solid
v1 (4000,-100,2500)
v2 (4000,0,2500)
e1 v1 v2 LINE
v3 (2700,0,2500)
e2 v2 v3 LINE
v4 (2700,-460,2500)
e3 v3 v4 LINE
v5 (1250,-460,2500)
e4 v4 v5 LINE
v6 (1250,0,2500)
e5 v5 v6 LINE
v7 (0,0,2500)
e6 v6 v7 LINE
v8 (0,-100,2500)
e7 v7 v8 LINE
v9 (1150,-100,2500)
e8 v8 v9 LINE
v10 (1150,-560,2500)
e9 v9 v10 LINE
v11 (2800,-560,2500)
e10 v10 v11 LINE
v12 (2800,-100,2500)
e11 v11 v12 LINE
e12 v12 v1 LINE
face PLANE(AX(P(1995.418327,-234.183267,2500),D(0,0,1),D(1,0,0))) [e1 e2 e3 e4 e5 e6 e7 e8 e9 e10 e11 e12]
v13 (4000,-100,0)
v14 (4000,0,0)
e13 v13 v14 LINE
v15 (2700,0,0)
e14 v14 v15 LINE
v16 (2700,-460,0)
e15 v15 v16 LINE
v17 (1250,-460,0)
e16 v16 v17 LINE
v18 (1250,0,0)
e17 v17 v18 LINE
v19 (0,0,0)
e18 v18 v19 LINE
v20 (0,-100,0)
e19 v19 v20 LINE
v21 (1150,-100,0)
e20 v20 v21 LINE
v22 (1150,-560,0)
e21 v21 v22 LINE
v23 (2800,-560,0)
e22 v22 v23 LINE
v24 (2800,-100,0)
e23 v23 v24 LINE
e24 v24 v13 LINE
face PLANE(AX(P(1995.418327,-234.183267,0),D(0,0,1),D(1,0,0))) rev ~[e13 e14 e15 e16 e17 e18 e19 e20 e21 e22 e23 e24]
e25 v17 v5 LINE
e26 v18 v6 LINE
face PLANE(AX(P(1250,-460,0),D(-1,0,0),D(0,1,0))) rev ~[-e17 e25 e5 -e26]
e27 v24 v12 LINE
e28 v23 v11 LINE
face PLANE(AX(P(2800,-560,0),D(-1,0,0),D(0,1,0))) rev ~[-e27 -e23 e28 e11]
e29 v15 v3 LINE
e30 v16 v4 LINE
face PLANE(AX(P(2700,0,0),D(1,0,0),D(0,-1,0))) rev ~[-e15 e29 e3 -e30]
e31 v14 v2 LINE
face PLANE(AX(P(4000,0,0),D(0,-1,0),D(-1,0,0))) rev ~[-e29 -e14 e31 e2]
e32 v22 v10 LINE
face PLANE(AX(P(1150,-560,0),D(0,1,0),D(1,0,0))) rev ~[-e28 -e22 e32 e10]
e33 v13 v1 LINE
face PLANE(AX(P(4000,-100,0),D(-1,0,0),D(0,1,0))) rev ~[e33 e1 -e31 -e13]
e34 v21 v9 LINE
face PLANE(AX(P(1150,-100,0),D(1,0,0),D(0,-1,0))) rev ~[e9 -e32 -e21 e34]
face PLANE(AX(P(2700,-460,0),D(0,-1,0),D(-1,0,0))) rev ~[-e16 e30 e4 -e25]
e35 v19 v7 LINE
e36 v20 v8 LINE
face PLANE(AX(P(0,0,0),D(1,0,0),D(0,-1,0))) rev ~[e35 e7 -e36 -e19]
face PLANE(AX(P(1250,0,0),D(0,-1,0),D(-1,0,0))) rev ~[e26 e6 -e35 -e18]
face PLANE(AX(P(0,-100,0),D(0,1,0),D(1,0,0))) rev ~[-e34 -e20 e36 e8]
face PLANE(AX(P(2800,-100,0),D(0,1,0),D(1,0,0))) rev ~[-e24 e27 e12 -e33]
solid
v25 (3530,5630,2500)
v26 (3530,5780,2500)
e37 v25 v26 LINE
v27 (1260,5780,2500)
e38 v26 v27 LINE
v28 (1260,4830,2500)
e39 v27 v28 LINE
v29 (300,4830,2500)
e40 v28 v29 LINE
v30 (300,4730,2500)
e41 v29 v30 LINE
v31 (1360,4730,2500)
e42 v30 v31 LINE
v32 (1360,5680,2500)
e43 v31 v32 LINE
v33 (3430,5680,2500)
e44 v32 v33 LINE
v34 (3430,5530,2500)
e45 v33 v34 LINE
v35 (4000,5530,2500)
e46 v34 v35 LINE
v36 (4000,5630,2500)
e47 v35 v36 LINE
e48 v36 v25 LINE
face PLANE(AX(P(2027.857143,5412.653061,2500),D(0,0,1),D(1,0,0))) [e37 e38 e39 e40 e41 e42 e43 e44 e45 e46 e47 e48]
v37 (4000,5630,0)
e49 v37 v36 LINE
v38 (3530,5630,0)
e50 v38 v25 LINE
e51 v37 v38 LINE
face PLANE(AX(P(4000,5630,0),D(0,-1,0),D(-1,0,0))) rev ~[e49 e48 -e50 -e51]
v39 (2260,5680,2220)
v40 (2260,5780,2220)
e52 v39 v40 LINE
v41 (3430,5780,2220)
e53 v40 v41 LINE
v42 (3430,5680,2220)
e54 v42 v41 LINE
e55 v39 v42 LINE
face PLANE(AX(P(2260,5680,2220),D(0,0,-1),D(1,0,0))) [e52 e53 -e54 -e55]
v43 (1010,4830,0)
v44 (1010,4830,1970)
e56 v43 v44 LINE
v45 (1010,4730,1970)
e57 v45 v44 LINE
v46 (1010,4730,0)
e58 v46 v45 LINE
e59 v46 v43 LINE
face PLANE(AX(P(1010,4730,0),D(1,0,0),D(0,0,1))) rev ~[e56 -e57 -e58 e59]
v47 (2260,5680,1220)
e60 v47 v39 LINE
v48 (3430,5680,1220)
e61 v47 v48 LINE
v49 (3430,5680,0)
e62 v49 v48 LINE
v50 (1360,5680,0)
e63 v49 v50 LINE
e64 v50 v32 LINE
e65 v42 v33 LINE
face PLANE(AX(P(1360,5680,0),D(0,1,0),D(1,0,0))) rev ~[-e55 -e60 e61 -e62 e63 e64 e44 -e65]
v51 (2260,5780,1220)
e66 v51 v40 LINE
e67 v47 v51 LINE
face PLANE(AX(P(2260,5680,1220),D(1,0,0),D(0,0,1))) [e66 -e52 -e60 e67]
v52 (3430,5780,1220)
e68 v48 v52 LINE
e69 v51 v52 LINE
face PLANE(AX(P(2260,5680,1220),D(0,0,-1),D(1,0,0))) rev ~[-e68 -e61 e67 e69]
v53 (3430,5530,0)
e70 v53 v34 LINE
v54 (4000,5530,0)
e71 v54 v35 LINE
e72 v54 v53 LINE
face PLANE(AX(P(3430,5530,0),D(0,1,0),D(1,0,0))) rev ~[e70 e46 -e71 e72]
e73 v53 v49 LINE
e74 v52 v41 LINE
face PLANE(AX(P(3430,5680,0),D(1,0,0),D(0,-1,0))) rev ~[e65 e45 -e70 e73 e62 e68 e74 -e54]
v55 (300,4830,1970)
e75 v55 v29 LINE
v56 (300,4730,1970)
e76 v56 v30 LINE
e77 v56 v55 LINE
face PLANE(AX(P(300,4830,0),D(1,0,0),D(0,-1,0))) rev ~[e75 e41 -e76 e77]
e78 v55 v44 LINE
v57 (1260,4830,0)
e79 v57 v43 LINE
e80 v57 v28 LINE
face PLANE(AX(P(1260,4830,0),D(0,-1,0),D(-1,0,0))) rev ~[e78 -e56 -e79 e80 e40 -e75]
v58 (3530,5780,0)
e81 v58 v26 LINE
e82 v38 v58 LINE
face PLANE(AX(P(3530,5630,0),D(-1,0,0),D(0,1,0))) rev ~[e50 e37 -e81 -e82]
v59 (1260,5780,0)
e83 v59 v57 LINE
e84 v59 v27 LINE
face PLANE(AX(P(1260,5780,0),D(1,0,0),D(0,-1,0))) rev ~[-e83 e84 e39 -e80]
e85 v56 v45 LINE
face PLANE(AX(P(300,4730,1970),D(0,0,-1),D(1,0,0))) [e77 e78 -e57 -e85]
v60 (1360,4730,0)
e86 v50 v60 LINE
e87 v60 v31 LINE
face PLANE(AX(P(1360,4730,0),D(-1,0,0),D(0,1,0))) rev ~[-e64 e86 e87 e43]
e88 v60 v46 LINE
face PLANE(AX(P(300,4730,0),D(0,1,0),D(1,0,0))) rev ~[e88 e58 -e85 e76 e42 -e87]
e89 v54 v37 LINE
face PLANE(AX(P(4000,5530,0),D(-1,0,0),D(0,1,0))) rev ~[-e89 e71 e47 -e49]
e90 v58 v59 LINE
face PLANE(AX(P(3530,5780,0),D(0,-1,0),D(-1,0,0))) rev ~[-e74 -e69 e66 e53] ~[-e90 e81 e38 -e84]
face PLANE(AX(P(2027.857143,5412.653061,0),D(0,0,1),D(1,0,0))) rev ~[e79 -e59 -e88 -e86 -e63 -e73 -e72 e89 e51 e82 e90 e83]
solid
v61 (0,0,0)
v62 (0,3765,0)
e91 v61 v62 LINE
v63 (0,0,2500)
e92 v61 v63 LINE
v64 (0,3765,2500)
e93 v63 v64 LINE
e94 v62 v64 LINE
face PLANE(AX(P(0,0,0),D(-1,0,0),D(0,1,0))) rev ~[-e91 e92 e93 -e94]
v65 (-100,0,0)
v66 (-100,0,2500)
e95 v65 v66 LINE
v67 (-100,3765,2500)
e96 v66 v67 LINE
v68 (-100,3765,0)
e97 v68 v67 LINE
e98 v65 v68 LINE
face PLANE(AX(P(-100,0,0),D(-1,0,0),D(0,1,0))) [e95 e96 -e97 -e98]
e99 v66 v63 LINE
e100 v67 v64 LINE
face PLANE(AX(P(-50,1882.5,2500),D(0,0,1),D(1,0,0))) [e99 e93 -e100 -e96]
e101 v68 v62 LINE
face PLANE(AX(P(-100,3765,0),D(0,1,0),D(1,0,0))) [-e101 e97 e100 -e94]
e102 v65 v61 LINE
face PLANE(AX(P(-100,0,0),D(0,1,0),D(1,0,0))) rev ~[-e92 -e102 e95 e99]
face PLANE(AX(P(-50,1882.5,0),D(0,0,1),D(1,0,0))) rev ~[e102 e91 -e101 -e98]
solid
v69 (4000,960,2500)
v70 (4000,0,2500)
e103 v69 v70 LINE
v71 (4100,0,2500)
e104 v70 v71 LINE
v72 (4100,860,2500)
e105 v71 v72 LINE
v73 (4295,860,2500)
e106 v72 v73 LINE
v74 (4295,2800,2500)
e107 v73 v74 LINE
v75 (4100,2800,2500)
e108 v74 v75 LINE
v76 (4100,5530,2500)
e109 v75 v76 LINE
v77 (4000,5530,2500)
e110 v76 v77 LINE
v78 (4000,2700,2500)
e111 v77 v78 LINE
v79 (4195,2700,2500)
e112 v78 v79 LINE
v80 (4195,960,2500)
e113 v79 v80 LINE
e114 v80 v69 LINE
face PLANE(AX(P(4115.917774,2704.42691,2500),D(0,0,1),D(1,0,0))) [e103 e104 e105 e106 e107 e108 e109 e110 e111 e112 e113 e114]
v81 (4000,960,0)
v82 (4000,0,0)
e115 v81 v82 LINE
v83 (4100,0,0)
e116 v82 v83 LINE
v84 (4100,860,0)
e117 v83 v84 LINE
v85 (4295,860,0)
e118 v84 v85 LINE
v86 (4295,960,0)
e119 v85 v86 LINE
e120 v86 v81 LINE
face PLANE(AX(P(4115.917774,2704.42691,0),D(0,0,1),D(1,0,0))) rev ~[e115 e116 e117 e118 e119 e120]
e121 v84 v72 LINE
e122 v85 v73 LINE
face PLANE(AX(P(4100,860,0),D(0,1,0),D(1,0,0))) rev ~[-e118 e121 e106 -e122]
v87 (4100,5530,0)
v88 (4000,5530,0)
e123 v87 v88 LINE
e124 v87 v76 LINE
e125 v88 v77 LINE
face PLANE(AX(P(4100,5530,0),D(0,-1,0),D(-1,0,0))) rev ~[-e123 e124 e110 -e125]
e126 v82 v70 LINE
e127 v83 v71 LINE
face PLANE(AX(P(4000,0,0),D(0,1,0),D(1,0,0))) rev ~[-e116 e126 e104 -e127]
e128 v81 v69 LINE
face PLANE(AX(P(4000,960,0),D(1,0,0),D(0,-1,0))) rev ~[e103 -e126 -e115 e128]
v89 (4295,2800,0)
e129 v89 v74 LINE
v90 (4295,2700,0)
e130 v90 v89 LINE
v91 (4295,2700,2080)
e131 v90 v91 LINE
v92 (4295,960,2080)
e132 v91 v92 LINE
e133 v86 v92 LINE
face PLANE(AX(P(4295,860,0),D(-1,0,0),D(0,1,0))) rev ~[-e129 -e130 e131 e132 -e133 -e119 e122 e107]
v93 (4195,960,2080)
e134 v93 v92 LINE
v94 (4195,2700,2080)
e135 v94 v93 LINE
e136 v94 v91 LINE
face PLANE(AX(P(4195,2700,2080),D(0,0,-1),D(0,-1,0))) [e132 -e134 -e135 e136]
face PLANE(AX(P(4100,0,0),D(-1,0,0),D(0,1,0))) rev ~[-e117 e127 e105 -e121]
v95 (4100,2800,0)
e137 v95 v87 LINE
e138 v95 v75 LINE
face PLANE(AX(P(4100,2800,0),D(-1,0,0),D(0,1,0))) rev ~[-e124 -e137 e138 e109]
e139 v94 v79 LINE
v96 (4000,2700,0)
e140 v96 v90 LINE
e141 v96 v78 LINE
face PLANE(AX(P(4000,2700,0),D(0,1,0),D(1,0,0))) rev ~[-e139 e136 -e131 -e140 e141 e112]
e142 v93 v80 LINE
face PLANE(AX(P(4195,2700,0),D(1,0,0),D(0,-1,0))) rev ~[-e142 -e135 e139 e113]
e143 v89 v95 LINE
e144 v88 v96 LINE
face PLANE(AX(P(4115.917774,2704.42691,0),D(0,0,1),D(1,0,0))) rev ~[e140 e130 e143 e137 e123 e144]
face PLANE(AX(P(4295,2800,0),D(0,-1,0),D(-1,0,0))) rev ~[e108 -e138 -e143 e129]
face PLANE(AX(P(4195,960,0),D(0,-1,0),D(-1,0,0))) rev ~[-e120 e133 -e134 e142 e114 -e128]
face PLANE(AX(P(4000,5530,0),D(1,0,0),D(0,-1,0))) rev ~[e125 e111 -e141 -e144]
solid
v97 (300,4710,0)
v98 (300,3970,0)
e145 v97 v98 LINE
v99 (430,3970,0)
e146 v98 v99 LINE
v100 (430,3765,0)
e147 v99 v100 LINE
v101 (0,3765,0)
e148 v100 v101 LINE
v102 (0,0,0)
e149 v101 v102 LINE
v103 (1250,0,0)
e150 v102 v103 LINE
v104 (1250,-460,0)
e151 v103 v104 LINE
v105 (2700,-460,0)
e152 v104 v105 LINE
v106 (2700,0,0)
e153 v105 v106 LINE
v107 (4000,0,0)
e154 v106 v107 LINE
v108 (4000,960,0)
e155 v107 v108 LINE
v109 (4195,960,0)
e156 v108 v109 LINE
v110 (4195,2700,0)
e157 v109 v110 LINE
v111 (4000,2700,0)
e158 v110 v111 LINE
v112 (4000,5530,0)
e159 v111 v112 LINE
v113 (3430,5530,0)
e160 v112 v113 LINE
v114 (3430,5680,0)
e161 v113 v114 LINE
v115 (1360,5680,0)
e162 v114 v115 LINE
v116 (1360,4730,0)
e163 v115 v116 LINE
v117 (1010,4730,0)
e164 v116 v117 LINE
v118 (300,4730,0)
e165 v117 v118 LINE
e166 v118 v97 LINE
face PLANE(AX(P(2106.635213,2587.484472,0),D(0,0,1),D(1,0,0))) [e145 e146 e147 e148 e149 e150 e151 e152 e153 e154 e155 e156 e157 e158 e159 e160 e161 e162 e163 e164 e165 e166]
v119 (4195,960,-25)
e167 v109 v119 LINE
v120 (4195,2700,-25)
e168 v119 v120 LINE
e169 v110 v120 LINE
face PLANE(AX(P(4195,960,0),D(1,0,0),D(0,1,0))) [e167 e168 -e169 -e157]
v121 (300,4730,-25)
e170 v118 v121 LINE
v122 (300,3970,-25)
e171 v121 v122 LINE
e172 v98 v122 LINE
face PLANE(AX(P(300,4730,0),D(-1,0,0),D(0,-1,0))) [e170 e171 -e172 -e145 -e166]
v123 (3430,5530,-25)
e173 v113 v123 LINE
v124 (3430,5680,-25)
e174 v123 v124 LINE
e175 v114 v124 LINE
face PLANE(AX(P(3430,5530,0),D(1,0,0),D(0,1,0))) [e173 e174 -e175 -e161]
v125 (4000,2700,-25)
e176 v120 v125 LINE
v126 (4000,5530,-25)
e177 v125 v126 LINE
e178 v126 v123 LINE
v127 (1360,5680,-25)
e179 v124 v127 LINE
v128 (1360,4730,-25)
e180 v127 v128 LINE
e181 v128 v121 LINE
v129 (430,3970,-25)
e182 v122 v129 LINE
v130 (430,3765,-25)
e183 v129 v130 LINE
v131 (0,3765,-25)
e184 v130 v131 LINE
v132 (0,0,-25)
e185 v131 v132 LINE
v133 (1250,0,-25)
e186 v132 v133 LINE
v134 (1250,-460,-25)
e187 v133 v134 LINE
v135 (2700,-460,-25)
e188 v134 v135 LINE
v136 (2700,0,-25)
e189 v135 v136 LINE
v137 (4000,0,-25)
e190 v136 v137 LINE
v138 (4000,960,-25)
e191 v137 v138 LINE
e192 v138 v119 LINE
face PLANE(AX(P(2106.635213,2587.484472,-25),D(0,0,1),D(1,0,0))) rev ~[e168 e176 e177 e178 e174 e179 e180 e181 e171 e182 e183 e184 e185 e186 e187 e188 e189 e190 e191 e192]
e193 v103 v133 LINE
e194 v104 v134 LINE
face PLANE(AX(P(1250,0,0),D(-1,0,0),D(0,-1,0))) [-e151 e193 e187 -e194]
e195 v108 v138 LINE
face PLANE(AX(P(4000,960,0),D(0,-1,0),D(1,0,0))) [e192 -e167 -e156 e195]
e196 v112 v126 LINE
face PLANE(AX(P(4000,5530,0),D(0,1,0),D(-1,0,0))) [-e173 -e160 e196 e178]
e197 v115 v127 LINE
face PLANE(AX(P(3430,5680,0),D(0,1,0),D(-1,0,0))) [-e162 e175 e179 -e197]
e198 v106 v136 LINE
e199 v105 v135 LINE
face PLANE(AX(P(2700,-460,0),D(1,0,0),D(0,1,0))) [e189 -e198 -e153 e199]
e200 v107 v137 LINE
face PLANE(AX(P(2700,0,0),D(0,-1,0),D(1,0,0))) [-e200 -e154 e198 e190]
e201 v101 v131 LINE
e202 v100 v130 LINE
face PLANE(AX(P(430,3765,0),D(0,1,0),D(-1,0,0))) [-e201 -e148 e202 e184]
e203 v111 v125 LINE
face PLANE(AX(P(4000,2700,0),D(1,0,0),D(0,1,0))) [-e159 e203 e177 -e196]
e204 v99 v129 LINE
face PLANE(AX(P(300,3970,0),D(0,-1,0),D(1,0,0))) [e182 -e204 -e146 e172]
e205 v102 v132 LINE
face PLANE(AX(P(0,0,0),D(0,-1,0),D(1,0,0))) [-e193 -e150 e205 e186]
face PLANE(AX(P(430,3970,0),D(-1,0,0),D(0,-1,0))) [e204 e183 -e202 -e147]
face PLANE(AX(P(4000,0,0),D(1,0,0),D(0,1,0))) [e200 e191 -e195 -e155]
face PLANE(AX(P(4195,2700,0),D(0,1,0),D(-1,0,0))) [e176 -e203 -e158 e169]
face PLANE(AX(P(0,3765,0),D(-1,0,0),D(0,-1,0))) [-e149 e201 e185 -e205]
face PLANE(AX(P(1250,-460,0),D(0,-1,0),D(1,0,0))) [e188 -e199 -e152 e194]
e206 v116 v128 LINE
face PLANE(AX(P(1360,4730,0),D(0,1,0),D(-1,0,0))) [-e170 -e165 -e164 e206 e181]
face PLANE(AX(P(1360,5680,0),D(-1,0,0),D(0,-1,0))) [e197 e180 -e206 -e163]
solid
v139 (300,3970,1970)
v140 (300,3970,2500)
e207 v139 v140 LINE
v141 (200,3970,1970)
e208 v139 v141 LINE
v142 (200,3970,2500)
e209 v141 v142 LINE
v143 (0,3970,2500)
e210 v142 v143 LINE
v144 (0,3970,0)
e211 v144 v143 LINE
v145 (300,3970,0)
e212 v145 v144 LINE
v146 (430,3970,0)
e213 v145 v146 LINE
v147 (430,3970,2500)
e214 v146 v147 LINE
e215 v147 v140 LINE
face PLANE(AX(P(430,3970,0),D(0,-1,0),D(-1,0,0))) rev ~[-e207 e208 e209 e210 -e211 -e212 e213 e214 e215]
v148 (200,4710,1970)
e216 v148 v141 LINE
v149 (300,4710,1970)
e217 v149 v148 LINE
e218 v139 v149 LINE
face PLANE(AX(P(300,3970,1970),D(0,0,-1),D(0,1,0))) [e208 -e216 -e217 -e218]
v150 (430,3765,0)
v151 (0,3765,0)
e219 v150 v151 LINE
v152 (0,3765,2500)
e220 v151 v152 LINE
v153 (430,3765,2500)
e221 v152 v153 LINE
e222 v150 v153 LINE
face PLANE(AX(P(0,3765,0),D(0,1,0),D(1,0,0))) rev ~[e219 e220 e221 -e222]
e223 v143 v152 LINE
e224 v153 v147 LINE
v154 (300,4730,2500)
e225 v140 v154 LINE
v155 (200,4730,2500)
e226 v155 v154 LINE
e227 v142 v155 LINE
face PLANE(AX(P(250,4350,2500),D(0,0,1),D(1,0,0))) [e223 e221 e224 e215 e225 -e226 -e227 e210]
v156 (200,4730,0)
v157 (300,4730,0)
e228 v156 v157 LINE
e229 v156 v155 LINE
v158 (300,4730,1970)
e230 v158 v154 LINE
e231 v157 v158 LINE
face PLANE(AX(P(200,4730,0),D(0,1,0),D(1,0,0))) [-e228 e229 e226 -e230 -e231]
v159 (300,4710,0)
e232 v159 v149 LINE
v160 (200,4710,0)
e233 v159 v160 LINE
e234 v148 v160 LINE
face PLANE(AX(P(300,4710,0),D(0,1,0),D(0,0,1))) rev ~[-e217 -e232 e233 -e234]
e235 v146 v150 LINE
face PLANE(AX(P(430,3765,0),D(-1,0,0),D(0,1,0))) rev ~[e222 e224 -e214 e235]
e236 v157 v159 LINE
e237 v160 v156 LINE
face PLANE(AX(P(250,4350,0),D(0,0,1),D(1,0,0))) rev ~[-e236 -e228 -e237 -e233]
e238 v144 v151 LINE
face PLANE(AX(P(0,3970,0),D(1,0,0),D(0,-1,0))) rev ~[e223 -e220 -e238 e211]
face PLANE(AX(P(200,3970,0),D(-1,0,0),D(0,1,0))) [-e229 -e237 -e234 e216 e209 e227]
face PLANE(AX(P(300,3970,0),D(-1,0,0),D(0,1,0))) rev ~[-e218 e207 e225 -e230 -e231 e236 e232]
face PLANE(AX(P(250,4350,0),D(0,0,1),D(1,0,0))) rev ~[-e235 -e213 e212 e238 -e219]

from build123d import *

# Parameters (mm, degrees)
F1_DEPTH  = 25
F2_W      = 100
F2_H      = 3765
F3_DEPTH  = 2500
F5_DEPTH  = 2500
F7_DEPTH  = 2500
F9_DEPTH  = 2500
F11_DEPTH = 2500
F12_W     = 100
F12_H     = 760
F13_DEPTH = 2500
F14_W     = 1170
F14_H     = 1000
F15_DEPTH = 100.001
F16_W     = 740
F16_H     = 1970
F17_DEPTH = 400.001
F18_W     = 710
F18_H     = 1970
F19_DEPTH = 1050.001
F20_W     = 1740
F20_H     = 2080
F21_DEPTH = 100.001


with BuildPart() as f1:
    # F0 (on Top) → F1 (new body)
    with BuildSketch(Plane.XY):
        Polygon((0, 3765), (0, 0), (1250, 0), (1250, -460), (2700, -460), (2700, 0), (4000, 0), (4000, 960), (4195, 960), (4195, 2700), (4000, 2700), (4000, 5530), (3430, 5530), (3430, 5680), (1360, 5680), (1360, 4730), (300, 4730), (300, 3970), (430, 3970), (430, 3765), align=None)
    extrude(amount=-F1_DEPTH)



with BuildPart() as f3:
    # F2 (on face) → F3 (new body)
    with BuildSketch(Plane.XY):
        with Locations((-50, 1882.5)):
            Rectangle(F2_W, F2_H)
    extrude(amount=F3_DEPTH)


with BuildPart() as f5:
    # F4 (on face) → F5 (new body)
    with BuildSketch(Plane.XY):
        Polygon((1250, 0), (0, 0), (0, -100), (1150, -100), (1150, -560), (2800, -560), (2800, -100), (4000, -100), (4000, 0), (2700, 0), (2700, -460), (1250, -460), align=None)
    extrude(amount=F5_DEPTH)


with BuildPart() as f7:
    # F6 (on face) → F7 (new body)
    with BuildSketch(Plane.XY):
        Polygon((4000, 960), (4000, 0), (4100, 0), (4100, 860), (4295, 860), (4295, 2800), (4100, 2800), (4100, 5530), (4000, 5530), (4000, 2700), (4195, 2700), (4195, 960), align=None)
    extrude(amount=F7_DEPTH)

    # F20 (on face) → F21 (cut, through all)
    with BuildSketch(Plane(origin=(4195, 0, 0), x_dir=(0, -1, 0), z_dir=(-1, 0, 0))):
        with Locations((-1830, 1040)):
            Rectangle(F20_W, F20_H)
    extrude(amount=-F21_DEPTH, mode=Mode.SUBTRACT)


with BuildPart() as f9:
    # F8 (on face) → F9 (new body)
    with BuildSketch(Plane.XY):
        Polygon((0, 3765), (430, 3765), (430, 3970), (300, 3970), (0, 3970), align=None)
    extrude(amount=F9_DEPTH)


with BuildPart() as f11:
    # F10 (on face) → F11 (new body)
    with BuildSketch(Plane.XY):
        Polygon((3430, 5530), (4000, 5530), (4000, 5630), (3530, 5630), (3530, 5780), (1260, 5780), (1260, 4830), (300, 4830), (300, 4730), (1360, 4730), (1360, 5680), (3430, 5680), align=None)
    extrude(amount=F11_DEPTH)


with BuildPart() as f1_1:
    add(f1.part)

    add(f9.part)  # F13 merges F9

    add(f11.part)  # F13 merges F11
    # F12 (on face) → F13 (join)
    with BuildSketch(Plane.XY):
        with Locations((250, 4350)):
            Rectangle(F12_W, F12_H)
    extrude(amount=F13_DEPTH)

    # F14 (on face) → F15 (cut, through all)
    with BuildSketch(Plane.XZ.offset(-5680)):
        with Locations((2845, 1720)):
            Rectangle(F14_W, F14_H)
    extrude(amount=-F15_DEPTH, mode=Mode.SUBTRACT)

    # F16 (on face) → F17 (cut, through all)
    with BuildSketch(Plane.YZ.offset(300)):
        with Locations((4340, 985)):
            Rectangle(F16_W, F16_H)
    extrude(amount=-F17_DEPTH, mode=Mode.SUBTRACT)

    # F18 (on face) → F19 (cut, through all)
    with BuildSketch(Plane.XZ.offset(-4730)):
        with Locations((655, 985)):
            Rectangle(F18_W, F18_H)
    extrude(amount=-F19_DEPTH, mode=Mode.SUBTRACT)


solid = Compound([f3.part, f5.part, f7.part, f1_1.part])
